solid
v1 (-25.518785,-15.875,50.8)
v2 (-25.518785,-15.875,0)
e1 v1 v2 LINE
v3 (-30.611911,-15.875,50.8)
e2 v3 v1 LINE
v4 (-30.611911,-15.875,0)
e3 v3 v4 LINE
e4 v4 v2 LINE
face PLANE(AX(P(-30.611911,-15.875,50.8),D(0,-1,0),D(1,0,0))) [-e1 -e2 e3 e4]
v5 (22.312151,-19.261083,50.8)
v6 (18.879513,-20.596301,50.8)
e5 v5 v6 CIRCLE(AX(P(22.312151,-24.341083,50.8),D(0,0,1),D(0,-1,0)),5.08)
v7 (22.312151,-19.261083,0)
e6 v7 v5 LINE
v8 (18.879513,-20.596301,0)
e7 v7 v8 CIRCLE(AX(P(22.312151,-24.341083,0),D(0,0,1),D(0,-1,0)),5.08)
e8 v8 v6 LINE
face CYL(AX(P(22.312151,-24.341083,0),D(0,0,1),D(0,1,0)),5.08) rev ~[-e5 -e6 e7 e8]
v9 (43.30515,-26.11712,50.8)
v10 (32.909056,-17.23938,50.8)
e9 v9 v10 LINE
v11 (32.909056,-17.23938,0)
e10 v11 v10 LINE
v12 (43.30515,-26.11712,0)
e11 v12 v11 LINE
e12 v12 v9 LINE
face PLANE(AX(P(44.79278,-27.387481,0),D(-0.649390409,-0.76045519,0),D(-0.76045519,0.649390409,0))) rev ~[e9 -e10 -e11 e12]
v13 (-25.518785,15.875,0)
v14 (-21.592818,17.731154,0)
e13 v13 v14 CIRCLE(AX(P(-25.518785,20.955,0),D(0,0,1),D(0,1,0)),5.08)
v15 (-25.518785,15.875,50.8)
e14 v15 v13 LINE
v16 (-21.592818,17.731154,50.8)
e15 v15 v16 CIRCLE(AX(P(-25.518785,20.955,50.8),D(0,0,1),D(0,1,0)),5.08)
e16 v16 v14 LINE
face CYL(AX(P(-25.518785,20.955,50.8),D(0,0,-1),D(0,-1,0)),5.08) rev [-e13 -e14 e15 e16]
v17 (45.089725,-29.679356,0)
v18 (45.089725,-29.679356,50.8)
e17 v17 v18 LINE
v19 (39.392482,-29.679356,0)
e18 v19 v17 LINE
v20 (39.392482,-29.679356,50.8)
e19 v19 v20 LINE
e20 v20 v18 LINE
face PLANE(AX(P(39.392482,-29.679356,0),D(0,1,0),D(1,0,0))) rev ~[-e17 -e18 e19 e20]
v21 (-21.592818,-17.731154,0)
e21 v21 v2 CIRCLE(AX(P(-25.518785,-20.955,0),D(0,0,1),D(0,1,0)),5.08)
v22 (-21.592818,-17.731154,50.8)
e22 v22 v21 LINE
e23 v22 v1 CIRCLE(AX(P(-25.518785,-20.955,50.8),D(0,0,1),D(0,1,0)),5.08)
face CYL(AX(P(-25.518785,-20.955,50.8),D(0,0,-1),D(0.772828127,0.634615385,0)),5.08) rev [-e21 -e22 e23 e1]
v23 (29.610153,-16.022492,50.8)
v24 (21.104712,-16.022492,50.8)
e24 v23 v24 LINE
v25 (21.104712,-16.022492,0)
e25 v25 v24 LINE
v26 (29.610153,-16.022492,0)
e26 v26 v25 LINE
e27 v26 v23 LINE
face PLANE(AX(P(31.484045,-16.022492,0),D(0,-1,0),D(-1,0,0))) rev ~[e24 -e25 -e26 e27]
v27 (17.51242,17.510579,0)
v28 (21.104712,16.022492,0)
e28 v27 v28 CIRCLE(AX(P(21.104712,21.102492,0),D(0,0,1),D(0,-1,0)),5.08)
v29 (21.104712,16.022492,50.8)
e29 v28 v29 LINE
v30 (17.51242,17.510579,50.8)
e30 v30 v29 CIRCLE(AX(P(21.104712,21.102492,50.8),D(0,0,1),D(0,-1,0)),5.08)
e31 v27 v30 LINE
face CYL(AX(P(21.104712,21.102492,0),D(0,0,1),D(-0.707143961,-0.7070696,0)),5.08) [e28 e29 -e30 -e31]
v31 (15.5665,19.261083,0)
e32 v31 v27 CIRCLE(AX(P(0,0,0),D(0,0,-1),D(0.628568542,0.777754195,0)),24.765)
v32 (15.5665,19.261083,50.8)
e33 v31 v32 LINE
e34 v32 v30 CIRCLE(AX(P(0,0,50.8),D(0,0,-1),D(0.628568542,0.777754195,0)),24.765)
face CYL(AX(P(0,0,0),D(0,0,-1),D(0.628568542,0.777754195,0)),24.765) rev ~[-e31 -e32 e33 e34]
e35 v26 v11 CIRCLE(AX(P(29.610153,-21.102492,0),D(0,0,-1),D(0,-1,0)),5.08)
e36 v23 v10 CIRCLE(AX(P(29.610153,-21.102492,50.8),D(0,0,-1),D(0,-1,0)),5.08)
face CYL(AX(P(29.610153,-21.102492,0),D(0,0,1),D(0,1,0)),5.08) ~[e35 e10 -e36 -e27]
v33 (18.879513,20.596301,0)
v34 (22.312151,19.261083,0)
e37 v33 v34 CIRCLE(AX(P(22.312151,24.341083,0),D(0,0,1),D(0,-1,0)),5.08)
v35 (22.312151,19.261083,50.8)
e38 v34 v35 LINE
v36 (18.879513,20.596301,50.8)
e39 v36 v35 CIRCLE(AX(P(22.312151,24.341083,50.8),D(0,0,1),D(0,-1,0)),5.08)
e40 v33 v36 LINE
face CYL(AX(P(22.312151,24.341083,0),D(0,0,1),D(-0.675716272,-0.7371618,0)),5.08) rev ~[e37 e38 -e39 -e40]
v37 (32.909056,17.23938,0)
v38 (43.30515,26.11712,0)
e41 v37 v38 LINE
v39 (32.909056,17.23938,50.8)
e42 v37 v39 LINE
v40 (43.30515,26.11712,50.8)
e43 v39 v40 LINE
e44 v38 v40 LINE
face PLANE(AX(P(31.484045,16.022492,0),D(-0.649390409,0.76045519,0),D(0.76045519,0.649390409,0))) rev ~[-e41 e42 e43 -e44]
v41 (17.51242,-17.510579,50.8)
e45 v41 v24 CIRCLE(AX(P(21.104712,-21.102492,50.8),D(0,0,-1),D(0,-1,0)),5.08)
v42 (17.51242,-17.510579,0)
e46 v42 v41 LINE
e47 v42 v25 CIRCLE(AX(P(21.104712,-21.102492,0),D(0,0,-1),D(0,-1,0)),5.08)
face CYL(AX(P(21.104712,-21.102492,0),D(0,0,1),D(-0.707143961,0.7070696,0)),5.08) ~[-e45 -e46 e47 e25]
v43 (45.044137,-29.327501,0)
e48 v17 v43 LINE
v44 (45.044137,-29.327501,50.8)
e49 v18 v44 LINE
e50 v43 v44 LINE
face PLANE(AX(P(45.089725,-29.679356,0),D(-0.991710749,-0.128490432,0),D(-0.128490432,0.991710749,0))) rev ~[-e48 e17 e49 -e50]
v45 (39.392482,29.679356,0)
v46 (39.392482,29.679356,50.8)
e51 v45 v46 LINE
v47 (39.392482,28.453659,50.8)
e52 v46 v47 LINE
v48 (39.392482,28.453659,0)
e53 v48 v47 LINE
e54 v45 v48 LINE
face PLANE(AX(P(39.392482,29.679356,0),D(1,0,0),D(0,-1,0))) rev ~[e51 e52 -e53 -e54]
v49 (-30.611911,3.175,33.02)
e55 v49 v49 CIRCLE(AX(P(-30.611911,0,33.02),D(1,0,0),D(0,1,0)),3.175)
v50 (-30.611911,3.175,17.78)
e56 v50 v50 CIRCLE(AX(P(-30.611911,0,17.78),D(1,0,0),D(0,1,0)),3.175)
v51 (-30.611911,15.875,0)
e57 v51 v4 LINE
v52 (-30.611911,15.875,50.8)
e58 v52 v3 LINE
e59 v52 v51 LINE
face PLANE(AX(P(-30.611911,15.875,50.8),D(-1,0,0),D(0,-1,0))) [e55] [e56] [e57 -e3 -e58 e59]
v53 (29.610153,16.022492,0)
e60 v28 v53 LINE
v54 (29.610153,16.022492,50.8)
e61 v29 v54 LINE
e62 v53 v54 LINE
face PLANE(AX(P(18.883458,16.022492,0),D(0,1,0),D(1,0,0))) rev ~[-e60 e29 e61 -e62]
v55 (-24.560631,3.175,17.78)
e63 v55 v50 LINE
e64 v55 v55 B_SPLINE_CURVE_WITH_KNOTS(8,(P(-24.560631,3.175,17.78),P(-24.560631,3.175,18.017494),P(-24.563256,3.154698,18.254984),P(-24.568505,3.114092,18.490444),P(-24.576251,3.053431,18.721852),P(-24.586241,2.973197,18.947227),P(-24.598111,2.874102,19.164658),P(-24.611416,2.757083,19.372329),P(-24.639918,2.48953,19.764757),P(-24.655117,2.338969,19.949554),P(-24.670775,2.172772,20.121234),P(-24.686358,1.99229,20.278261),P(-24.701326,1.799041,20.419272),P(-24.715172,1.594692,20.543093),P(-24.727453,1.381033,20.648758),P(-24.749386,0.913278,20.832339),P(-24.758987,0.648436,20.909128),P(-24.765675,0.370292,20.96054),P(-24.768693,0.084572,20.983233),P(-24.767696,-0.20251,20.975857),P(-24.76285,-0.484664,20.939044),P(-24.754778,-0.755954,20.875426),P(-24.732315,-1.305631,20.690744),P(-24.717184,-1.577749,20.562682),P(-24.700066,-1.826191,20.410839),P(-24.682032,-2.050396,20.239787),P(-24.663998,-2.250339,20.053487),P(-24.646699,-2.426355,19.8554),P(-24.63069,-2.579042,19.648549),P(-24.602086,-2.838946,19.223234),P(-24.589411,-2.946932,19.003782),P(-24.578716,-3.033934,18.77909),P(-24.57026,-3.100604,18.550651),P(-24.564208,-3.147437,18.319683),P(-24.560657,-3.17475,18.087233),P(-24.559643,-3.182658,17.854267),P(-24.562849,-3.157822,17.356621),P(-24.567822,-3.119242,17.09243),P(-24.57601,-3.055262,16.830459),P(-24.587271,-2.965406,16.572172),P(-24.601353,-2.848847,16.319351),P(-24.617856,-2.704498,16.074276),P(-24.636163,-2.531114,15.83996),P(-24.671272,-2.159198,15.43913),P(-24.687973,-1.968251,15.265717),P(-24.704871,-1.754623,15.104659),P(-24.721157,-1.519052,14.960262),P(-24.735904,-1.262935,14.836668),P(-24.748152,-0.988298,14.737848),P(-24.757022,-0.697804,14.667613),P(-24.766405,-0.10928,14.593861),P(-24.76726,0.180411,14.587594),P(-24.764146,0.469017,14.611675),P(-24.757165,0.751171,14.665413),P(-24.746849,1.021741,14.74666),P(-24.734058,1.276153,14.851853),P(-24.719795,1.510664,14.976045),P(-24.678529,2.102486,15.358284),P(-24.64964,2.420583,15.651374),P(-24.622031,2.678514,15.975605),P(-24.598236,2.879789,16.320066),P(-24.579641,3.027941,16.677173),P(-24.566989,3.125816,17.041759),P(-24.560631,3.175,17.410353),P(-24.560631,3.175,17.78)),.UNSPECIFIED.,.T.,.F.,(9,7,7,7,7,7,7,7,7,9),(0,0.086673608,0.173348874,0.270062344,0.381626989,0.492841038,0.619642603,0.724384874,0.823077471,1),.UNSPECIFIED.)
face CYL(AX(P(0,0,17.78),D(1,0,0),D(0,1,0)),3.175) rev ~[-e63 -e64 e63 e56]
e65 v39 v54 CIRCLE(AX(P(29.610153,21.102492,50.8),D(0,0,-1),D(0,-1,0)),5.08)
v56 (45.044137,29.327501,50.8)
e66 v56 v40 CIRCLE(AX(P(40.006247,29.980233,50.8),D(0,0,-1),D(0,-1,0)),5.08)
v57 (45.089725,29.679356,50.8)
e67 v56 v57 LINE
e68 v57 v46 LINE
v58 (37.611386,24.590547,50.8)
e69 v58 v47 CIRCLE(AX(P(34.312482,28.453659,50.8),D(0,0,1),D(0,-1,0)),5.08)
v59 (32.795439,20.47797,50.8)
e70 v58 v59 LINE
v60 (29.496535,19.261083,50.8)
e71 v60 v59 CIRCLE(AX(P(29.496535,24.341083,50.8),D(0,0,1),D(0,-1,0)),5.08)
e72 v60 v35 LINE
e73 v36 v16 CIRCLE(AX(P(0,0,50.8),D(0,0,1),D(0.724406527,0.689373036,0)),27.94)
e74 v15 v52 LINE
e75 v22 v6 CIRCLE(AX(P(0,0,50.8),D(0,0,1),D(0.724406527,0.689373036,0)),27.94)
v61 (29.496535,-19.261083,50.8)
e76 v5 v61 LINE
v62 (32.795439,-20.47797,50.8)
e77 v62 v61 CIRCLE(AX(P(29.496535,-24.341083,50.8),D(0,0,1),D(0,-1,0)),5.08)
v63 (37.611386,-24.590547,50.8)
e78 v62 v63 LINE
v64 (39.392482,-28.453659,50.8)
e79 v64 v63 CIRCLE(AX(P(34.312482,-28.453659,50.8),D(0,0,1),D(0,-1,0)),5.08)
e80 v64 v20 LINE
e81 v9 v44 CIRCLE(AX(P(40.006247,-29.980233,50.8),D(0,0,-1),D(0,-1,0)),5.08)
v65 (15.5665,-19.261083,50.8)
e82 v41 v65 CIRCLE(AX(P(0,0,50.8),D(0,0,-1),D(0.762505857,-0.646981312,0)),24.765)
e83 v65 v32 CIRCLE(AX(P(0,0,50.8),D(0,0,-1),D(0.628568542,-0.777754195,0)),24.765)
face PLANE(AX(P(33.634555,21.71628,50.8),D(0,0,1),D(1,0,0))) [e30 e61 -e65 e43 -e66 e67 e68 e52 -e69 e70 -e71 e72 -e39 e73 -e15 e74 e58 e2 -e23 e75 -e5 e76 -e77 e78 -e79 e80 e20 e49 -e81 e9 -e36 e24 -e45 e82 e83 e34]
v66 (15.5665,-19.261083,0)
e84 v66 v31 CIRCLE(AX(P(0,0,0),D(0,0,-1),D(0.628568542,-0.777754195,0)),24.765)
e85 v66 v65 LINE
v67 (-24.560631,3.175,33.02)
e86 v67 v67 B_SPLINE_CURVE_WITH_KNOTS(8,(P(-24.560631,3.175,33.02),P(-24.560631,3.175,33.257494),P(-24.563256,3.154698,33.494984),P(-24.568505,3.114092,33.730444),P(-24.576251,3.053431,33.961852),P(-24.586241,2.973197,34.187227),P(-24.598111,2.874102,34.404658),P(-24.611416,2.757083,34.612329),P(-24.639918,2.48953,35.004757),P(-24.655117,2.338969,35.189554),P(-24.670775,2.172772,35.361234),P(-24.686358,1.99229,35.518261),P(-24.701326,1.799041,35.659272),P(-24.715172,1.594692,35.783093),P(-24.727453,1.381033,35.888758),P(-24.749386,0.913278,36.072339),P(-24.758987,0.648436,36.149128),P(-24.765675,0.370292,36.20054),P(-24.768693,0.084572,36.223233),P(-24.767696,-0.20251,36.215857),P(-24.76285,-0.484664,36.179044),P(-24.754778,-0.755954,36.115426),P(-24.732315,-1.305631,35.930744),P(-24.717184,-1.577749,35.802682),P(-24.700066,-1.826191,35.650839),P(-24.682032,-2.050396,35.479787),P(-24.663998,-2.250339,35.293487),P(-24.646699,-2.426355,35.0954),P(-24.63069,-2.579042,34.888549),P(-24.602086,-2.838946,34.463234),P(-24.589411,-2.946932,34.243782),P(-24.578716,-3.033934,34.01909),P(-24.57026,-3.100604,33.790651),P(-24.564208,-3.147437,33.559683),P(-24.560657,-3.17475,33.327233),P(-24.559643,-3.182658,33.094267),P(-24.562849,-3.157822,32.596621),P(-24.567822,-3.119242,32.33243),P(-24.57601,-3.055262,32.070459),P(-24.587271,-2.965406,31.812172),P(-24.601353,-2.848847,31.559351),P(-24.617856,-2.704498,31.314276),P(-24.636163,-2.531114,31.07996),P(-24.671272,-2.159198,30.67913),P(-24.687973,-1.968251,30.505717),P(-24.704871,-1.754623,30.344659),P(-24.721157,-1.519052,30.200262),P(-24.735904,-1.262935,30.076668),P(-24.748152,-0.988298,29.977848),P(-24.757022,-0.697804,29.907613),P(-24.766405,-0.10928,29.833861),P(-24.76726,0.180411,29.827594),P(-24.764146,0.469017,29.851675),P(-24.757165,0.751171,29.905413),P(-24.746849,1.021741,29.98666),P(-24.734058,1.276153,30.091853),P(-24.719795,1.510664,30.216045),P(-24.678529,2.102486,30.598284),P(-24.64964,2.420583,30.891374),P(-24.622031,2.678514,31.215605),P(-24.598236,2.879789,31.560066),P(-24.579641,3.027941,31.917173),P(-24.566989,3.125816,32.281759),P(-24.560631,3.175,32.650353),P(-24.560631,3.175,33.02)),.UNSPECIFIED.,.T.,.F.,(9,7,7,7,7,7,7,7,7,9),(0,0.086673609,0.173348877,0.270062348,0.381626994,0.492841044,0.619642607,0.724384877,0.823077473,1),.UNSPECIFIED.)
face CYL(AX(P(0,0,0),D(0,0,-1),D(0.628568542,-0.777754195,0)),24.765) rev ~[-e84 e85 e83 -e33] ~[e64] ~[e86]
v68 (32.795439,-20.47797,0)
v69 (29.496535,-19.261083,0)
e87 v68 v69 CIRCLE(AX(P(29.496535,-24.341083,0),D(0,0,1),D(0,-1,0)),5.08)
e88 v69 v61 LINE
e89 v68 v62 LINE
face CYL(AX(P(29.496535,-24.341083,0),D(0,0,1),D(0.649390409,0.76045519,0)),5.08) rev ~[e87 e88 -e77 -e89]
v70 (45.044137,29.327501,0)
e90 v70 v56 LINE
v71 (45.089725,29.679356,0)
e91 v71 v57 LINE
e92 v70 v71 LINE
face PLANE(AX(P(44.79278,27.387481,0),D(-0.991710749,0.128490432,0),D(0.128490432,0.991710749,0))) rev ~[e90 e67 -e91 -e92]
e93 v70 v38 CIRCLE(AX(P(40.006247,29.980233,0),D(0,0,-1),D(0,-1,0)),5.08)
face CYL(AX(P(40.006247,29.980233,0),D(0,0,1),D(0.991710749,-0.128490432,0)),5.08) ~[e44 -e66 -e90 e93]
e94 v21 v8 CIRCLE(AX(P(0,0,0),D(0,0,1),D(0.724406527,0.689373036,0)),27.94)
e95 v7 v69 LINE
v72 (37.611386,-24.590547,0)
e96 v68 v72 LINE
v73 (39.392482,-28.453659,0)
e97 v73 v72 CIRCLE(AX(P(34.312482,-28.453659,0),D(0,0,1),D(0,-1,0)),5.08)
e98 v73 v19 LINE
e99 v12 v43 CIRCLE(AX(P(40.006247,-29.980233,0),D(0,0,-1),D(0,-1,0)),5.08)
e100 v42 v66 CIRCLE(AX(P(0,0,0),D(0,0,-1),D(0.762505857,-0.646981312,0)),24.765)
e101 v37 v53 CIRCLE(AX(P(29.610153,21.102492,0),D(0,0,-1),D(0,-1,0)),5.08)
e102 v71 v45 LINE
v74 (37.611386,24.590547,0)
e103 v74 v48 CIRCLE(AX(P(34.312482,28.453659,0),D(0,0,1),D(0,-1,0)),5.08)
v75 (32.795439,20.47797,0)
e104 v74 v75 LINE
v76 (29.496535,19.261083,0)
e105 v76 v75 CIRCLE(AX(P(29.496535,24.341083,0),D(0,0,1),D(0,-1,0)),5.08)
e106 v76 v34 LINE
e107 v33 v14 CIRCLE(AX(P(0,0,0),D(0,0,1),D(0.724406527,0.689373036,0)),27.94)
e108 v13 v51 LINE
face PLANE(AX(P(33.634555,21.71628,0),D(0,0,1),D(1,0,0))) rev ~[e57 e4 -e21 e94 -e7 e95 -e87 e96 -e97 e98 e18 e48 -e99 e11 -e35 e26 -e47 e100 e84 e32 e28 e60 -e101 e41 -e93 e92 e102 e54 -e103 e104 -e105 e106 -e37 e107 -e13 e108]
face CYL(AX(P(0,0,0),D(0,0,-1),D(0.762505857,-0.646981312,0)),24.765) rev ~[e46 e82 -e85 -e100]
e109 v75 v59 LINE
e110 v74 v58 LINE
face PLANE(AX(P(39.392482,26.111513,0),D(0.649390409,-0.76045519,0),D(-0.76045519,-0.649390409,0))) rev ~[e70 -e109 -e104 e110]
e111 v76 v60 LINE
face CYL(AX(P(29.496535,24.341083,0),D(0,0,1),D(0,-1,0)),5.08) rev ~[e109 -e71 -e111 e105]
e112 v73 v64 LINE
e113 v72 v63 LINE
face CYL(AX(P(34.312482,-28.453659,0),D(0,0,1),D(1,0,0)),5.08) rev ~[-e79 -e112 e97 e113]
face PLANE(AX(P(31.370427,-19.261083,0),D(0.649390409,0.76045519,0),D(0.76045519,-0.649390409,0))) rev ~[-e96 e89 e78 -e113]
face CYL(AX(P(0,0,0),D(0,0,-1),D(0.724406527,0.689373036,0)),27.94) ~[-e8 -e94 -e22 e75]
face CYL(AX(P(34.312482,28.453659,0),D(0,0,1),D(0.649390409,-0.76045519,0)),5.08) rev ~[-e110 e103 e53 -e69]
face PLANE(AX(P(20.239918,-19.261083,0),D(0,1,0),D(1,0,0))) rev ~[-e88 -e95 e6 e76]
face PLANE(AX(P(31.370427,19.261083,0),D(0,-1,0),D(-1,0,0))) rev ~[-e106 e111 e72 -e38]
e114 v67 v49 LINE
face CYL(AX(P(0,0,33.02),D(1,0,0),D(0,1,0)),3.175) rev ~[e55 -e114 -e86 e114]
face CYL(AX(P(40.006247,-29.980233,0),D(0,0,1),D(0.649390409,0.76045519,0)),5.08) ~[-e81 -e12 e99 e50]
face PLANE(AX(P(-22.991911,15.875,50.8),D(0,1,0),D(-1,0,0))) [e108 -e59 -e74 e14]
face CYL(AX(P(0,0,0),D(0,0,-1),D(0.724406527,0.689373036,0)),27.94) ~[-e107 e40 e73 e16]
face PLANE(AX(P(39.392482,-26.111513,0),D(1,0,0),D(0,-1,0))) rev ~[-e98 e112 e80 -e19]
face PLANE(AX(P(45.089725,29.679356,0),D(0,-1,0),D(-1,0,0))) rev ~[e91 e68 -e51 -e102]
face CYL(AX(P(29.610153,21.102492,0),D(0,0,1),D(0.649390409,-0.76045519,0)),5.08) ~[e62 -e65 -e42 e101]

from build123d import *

# Parameters (mm, degrees)
F1_DEPTH = 50.8
F2_R     = 3.175
F3_DEPTH = 127
F5_DEPTH = 50.8
F6_DEPTH = 279.4
F7_R     = 5.08


with BuildPart() as f1:
    # F0 (on Top) → F1 (new body)
    with BuildSketch(Plane.XY):
        with BuildLine():
            ThreePointArc((20.2399183732, 19.2610826343), (21.625356316, 17.6914545532), (22.8893718502, 16.0224922001))
            Line((22.8893718502, 16.0224922001), (31.4840450883, 16.0224922001))
            Line((31.4840450883, 16.0224922001), (44.7927798103, 27.3874809633))
            Line((44.7927798103, 27.3874809633), (45.0897253182, 29.6793562902))
            Line((45.0897253182, 29.6793562902), (39.3924824893, 29.6793562902))
            Line((39.3924824893, 29.6793562902), (39.3924824893, 26.1115133762))
            Line((39.3924824893, 26.1115133762), (31.3704274416, 19.2610826343))
            Line((31.3704274416, 19.2610826343), (20.2399183732, 19.2610826343))
        make_face()
        with BuildLine():
            Line((31.4840450883, -16.0224922001), (22.8893718502, -16.0224922001))
            ThreePointArc((22.8893718502, -16.0224922001), (21.625356316, -17.6914545532), (20.2399183732, -19.2610826343))
            Line((20.2399183732, -19.2610826343), (31.3704274416, -19.2610826343))
            Line((31.3704274416, -19.2610826343), (39.3924824893, -26.1115133762))
            Line((39.3924824893, -26.1115133762), (39.3924824893, -29.6793562902))
            Line((39.3924824893, -29.6793562902), (45.0897253182, -29.6793562902))
            Line((45.0897253182, -29.6793562902), (44.7927798103, -27.3874809633))
            Line((44.7927798103, -27.3874809633), (31.4840450883, -16.0224922001))
        make_face()
        with BuildLine():
            ThreePointArc((15.5664999519, -19.2610826343), (-24.765, 0), (15.5664999519, 19.2610826343))
            Line((15.5664999519, 19.2610826343), (20.2399183732, 19.2610826343))
            ThreePointArc((20.2399183732, 19.2610826343), (-27.94, 0), (20.2399183732, -19.2610826343))
            Line((20.2399183732, -19.2610826343), (15.5664999519, -19.2610826343))
        make_face()
        with BuildLine():
            ThreePointArc((15.5664999519, 19.2610826343), (17.3009251144, 17.7195715294), (18.8834575408, 16.0224922001))
            Line((18.8834575408, 16.0224922001), (22.8893718502, 16.0224922001))
            ThreePointArc((22.8893718502, 16.0224922001), (21.625356316, 17.6914545532), (20.2399183732, 19.2610826343))
            Line((20.2399183732, 19.2610826343), (15.5664999519, 19.2610826343))
        make_face()
        with BuildLine():
            Line((22.8893718502, -16.0224922001), (18.8834575408, -16.0224922001))
            ThreePointArc((18.8834575408, -16.0224922001), (17.3009251144, -17.7195715294), (15.5664999519, -19.2610826343))
            Line((15.5664999519, -19.2610826343), (20.2399183732, -19.2610826343))
            ThreePointArc((20.2399183732, -19.2610826343), (21.625356316, -17.6914545532), (22.8893718502, -16.0224922001))
        make_face()
    extrude(amount=F1_DEPTH)

    # F2 (on Right) → F3 (cut)
    with BuildSketch(Plane.YZ):
        with Locations((0, 33.02)):
            Circle(F2_R)
        with Locations((0, 17.78)):
            Circle(F2_R)
    extrude(amount=-F3_DEPTH, mode=Mode.SUBTRACT)

    # F4 (on face) → F5 (join)
    with BuildSketch(Plane.XY.offset(50.8)):
        Polygon((-26.6156196594, 0), (-22.9919110776, 15.875), (-30.6119110776, 15.875), (-30.6119110776, -15.875), (-22.9919110776, -15.875), align=None)
    extrude(amount=-F5_DEPTH)

    # F2 (on Right) → F6 (cut)
    with BuildSketch(Plane.YZ):
        with Locations((0, 33.02)):
            Circle(F2_R)
        with Locations((0, 17.78)):
            Circle(F2_R)
    extrude(amount=-F6_DEPTH, mode=Mode.SUBTRACT)

    # F7
    f7_edges = [f1.edges().sort_by_distance(p)[0] for p in [
        (-22.991911, 15.875, 25.4),
        (-22.991911, -15.875, 25.4),
        (20.239918, -19.261083, 25.4),
        (31.370427, -19.261083, 25.4),
        (39.392482, -26.111513, 25.4),
        (31.484045, -16.022492, 25.4),
        (18.883458, -16.022492, 25.4),
        (44.79278, -27.387481, 25.4),
        (44.79278, 27.387481, 25.4),
        (31.484045, 16.022492, 25.4),
        (31.370427, 19.261083, 25.4),
        (39.392482, 26.111513, 25.4),
        (20.239918, 19.261083, 25.4),
        (18.883458, 16.022492, 25.4),
    ]]
    fillet(f7_edges, radius=F7_R)


solid = f1.part
